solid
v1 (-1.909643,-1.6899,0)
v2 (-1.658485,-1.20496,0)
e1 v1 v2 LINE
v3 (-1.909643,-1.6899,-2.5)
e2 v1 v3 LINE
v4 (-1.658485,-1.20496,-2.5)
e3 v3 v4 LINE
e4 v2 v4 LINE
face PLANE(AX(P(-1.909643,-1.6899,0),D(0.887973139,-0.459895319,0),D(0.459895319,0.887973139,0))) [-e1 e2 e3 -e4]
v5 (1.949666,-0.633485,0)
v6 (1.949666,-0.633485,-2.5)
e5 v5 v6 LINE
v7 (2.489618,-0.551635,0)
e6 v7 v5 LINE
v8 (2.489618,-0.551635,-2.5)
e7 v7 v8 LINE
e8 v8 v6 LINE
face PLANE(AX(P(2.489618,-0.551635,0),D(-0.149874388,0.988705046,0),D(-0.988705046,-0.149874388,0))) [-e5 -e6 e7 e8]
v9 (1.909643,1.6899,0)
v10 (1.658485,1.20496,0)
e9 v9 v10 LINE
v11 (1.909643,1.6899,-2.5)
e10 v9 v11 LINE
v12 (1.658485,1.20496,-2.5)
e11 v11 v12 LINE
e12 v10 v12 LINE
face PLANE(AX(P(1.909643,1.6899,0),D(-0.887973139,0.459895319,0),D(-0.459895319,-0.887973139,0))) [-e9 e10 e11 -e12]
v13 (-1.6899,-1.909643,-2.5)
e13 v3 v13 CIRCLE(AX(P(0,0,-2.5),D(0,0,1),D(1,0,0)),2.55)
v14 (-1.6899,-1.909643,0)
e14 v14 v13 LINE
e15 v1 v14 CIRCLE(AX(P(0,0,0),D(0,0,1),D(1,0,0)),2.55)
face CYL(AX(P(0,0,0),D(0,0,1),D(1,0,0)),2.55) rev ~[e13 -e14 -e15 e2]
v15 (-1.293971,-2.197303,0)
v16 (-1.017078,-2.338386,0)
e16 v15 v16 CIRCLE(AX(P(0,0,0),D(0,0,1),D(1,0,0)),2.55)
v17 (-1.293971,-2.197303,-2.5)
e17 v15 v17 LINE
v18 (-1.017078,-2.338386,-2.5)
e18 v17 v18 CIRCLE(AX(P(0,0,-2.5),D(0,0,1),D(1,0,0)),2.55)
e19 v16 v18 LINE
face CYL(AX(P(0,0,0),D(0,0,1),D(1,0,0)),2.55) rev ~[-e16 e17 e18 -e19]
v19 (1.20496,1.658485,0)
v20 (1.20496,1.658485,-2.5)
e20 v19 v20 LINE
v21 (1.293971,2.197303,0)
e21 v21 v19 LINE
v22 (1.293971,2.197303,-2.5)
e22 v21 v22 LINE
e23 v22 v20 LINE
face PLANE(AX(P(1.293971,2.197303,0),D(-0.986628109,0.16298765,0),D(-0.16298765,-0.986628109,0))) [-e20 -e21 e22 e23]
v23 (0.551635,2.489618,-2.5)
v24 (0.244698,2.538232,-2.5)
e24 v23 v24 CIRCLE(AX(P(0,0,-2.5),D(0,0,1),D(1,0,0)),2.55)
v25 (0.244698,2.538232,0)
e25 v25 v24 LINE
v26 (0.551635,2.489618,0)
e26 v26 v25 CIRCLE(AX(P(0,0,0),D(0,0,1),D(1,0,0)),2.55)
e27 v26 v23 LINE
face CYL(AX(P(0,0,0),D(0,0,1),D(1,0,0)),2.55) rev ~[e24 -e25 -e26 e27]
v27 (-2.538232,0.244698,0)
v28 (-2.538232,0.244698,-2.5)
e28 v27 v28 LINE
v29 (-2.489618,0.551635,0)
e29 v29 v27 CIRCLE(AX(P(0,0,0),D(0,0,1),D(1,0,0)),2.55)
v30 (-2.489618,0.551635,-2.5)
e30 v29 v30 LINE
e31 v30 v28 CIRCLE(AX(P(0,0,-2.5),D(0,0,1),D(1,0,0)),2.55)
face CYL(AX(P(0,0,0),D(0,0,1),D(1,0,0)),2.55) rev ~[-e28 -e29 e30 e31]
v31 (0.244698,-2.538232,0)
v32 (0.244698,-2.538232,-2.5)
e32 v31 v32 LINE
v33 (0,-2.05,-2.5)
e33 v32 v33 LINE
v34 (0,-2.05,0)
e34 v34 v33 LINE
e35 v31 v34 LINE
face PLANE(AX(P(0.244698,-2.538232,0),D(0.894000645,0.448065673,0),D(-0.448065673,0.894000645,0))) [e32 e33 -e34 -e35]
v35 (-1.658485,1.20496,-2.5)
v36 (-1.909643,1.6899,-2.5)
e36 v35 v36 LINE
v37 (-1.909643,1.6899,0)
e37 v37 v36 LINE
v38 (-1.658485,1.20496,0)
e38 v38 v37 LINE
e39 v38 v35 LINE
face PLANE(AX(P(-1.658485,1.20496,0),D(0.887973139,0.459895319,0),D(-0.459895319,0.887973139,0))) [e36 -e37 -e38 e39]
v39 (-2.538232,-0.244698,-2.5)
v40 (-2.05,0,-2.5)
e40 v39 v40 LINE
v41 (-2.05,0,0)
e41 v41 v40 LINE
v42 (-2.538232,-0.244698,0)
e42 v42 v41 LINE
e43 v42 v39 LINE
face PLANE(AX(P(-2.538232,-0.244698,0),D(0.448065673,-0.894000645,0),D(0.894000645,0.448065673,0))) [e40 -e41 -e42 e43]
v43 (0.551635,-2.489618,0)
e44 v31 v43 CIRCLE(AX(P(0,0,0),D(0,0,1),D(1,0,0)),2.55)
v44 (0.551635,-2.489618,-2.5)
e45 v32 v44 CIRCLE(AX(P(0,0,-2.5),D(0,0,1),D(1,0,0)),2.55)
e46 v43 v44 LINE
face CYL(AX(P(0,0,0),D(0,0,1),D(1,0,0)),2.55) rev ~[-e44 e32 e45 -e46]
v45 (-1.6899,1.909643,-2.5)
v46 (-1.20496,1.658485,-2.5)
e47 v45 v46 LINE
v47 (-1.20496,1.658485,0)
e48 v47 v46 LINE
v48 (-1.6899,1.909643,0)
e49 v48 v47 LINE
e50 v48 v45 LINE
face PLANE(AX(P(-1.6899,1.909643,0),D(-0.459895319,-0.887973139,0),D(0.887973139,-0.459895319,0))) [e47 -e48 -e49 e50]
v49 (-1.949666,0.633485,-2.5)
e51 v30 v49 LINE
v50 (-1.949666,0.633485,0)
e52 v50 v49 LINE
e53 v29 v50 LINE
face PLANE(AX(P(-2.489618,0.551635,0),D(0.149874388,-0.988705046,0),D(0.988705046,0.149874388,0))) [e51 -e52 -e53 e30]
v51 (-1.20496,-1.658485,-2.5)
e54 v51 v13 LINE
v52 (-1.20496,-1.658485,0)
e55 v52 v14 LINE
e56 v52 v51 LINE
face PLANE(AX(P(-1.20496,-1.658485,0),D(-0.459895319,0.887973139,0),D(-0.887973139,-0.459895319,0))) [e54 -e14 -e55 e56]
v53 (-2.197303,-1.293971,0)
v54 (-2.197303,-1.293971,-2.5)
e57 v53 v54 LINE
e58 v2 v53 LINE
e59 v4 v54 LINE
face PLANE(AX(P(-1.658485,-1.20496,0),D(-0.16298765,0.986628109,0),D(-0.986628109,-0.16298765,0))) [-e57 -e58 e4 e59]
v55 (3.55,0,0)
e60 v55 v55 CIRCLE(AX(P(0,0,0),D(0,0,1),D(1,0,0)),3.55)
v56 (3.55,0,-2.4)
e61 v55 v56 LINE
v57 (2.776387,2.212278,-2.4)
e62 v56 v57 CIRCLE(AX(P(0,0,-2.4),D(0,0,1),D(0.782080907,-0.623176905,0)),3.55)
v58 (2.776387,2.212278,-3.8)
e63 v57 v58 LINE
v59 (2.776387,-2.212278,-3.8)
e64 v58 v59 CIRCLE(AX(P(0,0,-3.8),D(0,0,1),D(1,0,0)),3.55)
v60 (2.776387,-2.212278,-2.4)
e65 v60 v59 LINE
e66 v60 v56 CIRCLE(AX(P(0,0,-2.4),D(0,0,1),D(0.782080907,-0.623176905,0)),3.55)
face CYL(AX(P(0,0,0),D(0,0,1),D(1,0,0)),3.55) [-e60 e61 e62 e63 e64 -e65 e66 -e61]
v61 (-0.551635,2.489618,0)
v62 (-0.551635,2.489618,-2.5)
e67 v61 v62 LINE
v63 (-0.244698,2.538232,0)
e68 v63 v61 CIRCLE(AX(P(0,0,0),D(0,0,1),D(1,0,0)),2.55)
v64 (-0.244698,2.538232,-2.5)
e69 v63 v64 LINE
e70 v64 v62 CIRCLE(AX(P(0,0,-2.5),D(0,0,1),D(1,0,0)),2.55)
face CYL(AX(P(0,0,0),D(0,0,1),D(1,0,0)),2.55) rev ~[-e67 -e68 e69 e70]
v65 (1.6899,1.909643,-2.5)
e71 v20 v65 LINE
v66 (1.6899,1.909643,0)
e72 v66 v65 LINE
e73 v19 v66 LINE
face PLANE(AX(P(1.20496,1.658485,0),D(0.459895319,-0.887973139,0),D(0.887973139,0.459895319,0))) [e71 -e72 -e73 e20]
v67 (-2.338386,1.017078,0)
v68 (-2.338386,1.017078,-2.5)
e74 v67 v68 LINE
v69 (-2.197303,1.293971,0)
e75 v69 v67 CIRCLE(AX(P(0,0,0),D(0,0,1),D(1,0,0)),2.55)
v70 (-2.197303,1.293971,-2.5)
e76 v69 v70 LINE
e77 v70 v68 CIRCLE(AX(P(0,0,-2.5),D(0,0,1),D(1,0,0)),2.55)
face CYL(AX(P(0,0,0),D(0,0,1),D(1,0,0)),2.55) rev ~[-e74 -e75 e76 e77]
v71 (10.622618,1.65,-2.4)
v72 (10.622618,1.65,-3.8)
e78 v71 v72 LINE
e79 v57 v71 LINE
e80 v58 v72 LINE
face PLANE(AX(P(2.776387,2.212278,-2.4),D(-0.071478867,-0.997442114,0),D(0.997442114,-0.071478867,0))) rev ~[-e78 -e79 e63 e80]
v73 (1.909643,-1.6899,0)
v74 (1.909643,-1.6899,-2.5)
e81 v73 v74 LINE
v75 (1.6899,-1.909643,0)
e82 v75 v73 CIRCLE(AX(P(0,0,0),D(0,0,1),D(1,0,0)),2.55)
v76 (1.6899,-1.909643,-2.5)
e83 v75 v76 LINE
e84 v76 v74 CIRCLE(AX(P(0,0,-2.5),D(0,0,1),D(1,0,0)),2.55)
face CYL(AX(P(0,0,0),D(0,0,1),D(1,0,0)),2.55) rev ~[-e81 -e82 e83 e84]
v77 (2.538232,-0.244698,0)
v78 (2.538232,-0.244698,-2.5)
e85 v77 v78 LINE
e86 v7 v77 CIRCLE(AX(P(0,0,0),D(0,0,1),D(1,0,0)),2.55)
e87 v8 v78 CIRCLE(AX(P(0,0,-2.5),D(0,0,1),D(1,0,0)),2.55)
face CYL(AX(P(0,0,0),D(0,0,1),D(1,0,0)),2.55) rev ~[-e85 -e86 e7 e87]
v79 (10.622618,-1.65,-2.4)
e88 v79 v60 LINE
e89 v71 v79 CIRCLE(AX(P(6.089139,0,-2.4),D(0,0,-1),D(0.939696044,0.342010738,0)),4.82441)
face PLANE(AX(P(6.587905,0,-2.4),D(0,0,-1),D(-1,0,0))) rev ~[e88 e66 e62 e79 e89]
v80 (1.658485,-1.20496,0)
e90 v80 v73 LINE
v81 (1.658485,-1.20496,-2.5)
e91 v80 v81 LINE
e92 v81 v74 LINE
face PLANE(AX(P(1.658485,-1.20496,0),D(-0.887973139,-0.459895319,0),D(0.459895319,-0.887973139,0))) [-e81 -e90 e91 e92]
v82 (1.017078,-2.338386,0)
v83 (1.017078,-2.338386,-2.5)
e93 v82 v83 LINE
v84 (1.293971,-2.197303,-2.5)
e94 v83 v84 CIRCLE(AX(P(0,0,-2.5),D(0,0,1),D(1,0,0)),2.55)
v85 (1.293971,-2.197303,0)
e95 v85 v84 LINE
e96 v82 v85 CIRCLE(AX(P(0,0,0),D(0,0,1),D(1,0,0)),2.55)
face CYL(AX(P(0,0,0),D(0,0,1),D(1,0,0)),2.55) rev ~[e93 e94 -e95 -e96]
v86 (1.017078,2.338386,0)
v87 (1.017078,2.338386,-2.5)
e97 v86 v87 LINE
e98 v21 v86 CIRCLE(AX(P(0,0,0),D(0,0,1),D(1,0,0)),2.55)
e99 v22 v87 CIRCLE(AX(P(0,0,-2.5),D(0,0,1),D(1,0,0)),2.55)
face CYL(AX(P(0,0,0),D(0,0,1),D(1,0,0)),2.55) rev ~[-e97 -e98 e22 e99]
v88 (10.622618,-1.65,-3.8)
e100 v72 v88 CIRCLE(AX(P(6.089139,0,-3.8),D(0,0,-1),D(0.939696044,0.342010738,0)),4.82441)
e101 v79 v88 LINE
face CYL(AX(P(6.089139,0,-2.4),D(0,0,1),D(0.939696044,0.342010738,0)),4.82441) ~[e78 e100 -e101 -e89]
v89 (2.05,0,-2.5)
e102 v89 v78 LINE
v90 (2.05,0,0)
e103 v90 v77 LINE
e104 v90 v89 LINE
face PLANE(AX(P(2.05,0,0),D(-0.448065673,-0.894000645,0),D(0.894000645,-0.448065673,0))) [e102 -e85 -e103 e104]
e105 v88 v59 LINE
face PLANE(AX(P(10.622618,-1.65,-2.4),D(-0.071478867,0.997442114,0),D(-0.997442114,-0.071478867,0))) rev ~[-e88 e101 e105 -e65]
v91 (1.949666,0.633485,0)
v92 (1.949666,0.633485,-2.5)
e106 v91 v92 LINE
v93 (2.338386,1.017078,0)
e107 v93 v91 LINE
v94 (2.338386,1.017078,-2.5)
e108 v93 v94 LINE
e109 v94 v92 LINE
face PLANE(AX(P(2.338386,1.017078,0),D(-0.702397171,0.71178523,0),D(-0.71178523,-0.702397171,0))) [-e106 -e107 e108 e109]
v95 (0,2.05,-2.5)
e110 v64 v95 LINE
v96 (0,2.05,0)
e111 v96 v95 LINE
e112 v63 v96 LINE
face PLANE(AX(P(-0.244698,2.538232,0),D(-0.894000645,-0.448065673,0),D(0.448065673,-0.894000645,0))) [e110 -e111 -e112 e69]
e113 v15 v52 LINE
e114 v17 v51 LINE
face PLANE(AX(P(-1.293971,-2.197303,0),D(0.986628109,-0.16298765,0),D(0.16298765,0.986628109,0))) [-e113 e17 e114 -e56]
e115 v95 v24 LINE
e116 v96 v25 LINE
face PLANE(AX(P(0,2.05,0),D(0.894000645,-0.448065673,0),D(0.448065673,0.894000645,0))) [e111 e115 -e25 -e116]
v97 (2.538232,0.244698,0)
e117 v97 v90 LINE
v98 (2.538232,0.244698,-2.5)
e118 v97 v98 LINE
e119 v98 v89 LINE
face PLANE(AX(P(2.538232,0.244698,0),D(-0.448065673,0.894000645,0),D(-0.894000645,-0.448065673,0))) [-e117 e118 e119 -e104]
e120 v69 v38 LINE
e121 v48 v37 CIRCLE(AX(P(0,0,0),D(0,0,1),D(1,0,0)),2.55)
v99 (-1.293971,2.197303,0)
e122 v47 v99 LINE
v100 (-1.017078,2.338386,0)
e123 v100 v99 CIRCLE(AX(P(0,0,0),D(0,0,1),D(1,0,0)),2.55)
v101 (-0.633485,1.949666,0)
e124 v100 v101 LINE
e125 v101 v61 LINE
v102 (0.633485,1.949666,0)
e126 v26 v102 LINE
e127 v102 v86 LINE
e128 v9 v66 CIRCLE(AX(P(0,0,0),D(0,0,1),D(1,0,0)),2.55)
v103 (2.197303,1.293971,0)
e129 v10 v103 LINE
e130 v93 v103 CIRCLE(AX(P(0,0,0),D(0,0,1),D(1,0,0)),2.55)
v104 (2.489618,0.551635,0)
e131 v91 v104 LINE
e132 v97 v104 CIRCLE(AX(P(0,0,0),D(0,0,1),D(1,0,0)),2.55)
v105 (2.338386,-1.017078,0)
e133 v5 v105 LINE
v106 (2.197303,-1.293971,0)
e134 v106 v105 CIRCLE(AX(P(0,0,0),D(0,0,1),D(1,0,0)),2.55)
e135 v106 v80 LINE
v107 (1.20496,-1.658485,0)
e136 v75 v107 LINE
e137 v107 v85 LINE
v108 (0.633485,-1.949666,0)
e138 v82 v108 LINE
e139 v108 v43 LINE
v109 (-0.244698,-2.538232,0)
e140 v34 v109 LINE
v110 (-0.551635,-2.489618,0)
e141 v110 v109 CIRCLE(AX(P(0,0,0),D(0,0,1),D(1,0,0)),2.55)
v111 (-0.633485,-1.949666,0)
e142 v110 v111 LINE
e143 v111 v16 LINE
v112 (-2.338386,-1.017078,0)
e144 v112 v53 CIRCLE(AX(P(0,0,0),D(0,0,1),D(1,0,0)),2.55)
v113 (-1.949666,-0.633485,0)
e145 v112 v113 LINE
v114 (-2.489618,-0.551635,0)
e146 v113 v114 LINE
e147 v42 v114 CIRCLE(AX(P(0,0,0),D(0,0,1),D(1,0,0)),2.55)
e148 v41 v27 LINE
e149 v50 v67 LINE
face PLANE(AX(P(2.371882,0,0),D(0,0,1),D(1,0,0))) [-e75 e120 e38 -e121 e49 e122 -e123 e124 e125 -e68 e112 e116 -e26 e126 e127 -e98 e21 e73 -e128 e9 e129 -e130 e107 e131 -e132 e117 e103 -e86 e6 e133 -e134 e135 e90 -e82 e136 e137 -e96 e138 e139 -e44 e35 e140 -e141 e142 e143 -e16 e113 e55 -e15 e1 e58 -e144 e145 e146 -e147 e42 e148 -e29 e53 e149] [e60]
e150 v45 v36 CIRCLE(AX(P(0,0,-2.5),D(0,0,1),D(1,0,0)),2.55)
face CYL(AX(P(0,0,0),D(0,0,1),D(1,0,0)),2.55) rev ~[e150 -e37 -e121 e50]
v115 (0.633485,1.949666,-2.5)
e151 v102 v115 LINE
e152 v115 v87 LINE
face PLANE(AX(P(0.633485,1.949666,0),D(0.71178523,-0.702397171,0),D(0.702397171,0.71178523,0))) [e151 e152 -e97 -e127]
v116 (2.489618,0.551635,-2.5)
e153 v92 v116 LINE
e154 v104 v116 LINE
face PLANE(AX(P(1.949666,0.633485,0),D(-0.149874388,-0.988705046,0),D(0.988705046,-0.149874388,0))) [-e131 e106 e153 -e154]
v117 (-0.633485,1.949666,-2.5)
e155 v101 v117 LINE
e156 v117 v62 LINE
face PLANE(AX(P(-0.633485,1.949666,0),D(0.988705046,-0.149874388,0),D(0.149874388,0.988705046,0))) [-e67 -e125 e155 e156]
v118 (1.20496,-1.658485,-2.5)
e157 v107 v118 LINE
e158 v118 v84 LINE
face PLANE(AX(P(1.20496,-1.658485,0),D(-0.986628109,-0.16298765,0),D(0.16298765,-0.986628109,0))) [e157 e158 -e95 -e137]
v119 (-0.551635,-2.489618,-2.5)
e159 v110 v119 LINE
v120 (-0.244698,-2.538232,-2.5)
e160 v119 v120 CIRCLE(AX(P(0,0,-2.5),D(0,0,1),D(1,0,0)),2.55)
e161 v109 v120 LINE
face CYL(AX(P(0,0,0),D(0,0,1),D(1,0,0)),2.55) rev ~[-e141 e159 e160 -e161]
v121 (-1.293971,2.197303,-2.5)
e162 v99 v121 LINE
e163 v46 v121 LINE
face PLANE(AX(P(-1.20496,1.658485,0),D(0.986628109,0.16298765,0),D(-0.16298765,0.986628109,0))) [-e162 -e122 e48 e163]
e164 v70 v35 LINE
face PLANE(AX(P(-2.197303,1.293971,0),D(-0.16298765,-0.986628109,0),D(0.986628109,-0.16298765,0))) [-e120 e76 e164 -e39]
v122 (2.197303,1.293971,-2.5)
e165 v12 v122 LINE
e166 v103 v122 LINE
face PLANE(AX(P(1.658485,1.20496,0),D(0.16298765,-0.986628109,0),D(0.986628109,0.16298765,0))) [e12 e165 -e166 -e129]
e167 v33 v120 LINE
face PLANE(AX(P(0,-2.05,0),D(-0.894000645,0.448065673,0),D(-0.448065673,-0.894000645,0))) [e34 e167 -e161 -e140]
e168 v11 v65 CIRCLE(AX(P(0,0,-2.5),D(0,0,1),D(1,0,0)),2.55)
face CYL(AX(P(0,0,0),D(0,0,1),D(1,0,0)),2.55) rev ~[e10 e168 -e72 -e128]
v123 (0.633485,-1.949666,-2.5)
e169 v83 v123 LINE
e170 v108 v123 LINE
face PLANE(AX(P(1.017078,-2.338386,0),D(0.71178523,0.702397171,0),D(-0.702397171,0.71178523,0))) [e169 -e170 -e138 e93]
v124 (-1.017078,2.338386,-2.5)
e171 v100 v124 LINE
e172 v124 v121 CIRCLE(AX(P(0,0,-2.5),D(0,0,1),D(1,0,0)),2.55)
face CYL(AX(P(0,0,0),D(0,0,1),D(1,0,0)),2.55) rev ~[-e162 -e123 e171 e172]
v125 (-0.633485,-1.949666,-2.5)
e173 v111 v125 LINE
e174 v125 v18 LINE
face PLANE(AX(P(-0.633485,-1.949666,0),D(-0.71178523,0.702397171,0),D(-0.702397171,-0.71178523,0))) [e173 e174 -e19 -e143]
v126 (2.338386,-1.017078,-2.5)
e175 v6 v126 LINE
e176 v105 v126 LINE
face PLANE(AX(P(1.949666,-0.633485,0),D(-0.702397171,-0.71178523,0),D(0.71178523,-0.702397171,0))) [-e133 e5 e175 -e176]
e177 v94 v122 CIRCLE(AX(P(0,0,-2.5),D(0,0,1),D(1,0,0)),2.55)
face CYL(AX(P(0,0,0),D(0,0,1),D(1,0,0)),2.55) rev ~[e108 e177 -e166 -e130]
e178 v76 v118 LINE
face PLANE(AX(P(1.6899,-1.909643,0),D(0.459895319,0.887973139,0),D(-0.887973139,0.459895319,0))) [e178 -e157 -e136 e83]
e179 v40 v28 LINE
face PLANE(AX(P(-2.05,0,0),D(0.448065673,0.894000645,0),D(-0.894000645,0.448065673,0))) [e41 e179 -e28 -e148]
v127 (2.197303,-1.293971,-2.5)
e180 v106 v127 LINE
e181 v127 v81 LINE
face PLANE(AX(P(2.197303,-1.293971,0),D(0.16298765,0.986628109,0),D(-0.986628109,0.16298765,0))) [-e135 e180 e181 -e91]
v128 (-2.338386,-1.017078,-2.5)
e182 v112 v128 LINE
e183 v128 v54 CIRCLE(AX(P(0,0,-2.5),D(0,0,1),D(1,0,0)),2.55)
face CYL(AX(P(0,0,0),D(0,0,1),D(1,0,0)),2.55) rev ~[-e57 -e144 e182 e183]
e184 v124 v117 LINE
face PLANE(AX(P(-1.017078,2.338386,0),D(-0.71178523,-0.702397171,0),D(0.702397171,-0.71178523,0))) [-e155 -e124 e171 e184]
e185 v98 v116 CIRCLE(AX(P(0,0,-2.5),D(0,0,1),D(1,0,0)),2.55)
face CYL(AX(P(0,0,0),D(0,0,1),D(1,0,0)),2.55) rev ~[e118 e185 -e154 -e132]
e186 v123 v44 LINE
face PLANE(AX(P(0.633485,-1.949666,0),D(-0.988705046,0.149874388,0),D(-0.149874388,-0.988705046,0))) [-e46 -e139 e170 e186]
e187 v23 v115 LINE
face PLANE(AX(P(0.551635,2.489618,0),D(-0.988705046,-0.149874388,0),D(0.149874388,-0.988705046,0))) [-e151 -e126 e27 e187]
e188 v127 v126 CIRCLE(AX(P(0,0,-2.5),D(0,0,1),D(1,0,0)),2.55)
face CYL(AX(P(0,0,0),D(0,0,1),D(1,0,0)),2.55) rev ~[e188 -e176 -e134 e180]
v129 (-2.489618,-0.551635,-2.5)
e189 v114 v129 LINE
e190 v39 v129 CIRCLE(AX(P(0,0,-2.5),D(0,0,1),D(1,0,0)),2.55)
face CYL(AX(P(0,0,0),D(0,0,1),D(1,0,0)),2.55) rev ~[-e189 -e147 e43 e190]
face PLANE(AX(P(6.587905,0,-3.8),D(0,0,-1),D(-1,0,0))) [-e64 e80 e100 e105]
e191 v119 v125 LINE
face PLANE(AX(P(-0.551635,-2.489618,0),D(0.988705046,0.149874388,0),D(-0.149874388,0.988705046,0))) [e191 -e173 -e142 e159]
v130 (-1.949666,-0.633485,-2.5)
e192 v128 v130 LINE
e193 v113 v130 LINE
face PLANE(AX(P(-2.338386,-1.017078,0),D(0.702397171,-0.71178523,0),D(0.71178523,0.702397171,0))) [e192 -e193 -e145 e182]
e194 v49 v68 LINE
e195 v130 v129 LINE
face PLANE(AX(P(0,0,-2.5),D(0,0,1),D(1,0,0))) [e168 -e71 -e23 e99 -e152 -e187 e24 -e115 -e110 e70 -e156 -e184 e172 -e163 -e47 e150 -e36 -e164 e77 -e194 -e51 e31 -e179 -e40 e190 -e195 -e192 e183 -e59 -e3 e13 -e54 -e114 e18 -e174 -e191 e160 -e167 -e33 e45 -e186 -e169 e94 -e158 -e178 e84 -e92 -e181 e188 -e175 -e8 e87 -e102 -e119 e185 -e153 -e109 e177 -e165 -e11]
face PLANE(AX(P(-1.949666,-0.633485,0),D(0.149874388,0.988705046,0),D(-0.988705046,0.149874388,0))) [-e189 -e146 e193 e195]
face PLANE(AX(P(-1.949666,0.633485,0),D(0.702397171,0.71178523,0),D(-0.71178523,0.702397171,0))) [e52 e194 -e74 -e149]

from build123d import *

# Parameters (mm, degrees)
SKETCH2_R           = 3.55
BOSS_EXTRUDE1_DEPTH = 3.8
BOSS_EXTRUDE2_DEPTH = 1.4
SKETCH5_R           = 2.549999919
CUT_EXTRUDE1_DEPTH  = 2.5
BOSS_EXTRUDE3_DEPTH = 2.5


with BuildPart() as part:
    # Sketch2 → Boss-Extrude1 (new body)
    with BuildSketch(Plane.XY):
        Circle(SKETCH2_R)
    extrude(amount=-BOSS_EXTRUDE1_DEPTH)

    # Sketch4 → Boss-Extrude2 (add)
    with BuildSketch(Plane.XY.offset(-2.4)):
        with BuildLine():
            Line((2.776387215, 2.212277889), (10.622617722, 1.649999976))
            ThreePointArc((10.622617722, 1.649999976), (10.913548722, 0), (10.622617722, -1.649999976))
            Line((10.622617722, -1.649999976), (2.776387215, -2.212277889))
            ThreePointArc((2.776387215, -2.212277889), (3.549999952, 0), (2.776387215, 2.212277889))
        make_face()
    extrude(amount=-BOSS_EXTRUDE2_DEPTH)

    # Sketch5 → Cut-Extrude1 (cut)
    with BuildSketch(Plane.XY):
        Circle(SKETCH5_R)
    extrude(amount=-CUT_EXTRUDE1_DEPTH, mode=Mode.SUBTRACT)

    # Sketch3 → Boss-Extrude3 (add)
    with BuildSketch(Plane.XY):
        with BuildLine():
            Line((-0.244697916, 2.538232164), (0, 2.049999952))
            Line((0, 2.049999952), (0.244697916, 2.538232164))
            ThreePointArc((0.244697916, 2.538232164), (0, 2.549999919), (-0.244697916, 2.538232164))
        make_face()
        with BuildLine():
            Line((0.551635326, 2.489618054), (0.633484824, 1.949665813))
            Line((0.633484824, 1.949665813), (1.017078422, 2.338386424))
            ThreePointArc((1.017078422, 2.338386424), (0.787993311, 2.42519404), (0.551635326, 2.489618054))
        make_face()
        with BuildLine():
            Line((1.29397066, 2.197302783), (1.204959739, 1.6584848))
            Line((1.204959739, 1.6584848), (1.689900206, 1.90964313))
            ThreePointArc((1.689900206, 1.90964313), (1.498852346, 2.06299327), (1.29397066, 2.197302783))
        make_face()
        with BuildLine():
            Line((1.90964313, 1.689900206), (1.6584848, 1.204959739))
            Line((1.6584848, 1.204959739), (2.197302783, 1.29397066))
            ThreePointArc((2.197302783, 1.29397066), (2.06299327, 1.498852346), (1.90964313, 1.689900206))
        make_face()
        with BuildLine():
            Line((2.338386424, 1.017078422), (1.949665813, 0.633484824))
            Line((1.949665813, 0.633484824), (2.489618054, 0.551635326))
            ThreePointArc((2.489618054, 0.551635326), (2.42519404, 0.787993311), (2.338386424, 1.017078422))
        make_face()
        with BuildLine():
            Line((2.538232164, 0.244697916), (2.049999952, 0))
            Line((2.049999952, 0), (2.538232164, -0.244697916))
            ThreePointArc((2.538232164, -0.244697916), (2.549999919, 0), (2.538232164, 0.244697916))
        make_face()
        with BuildLine():
            Line((2.489618054, -0.551635326), (1.949665813, -0.633484824))
            Line((1.949665813, -0.633484824), (2.338386424, -1.017078422))
            ThreePointArc((2.338386424, -1.017078422), (2.42519404, -0.787993311), (2.489618054, -0.551635326))
        make_face()
        with BuildLine():
            Line((2.197302783, -1.29397066), (1.6584848, -1.204959739))
            Line((1.6584848, -1.204959739), (1.90964313, -1.689900206))
            ThreePointArc((1.90964313, -1.689900206), (2.06299327, -1.498852346), (2.197302783, -1.29397066))
        make_face()
        with BuildLine():
            Line((1.689900206, -1.90964313), (1.204959739, -1.6584848))
            Line((1.204959739, -1.6584848), (1.29397066, -2.197302783))
            ThreePointArc((1.29397066, -2.197302783), (1.498852346, -2.06299327), (1.689900206, -1.90964313))
        make_face()
        with BuildLine():
            Line((1.017078422, -2.338386424), (0.633484824, -1.949665813))
            Line((0.633484824, -1.949665813), (0.551635326, -2.489618054))
            ThreePointArc((0.551635326, -2.489618054), (0.787993311, -2.42519404), (1.017078422, -2.338386424))
        make_face()
        with BuildLine():
            Line((0.244697916, -2.538232164), (0, -2.049999952))
            Line((0, -2.049999952), (-0.244697916, -2.538232164))
            ThreePointArc((-0.244697916, -2.538232164), (0, -2.549999919), (0.244697916, -2.538232164))
        make_face()
        with BuildLine():
            Line((-0.551635326, -2.489618054), (-0.633484824, -1.949665813))
            Line((-0.633484824, -1.949665813), (-1.017078422, -2.338386424))
            ThreePointArc((-1.017078422, -2.338386424), (-0.787993311, -2.42519404), (-0.551635326, -2.489618054))
        make_face()
        with BuildLine():
            Line((-1.29397066, -2.197302783), (-1.204959739, -1.6584848))
            Line((-1.204959739, -1.6584848), (-1.689900206, -1.90964313))
            ThreePointArc((-1.689900206, -1.90964313), (-1.498852346, -2.06299327), (-1.29397066, -2.197302783))
        make_face()
        with BuildLine():
            Line((-1.90964313, -1.689900206), (-1.6584848, -1.204959739))
            Line((-1.6584848, -1.204959739), (-2.197302783, -1.29397066))
            ThreePointArc((-2.197302783, -1.29397066), (-2.06299327, -1.498852346), (-1.90964313, -1.689900206))
        make_face()
        with BuildLine():
            Line((-2.338386424, -1.017078422), (-1.949665813, -0.633484824))
            Line((-1.949665813, -0.633484824), (-2.489618054, -0.551635326))
            ThreePointArc((-2.489618054, -0.551635326), (-2.42519404, -0.787993311), (-2.338386424, -1.017078422))
        make_face()
        with BuildLine():
            Line((-2.538232164, -0.244697916), (-2.049999952, 0))
            Line((-2.049999952, 0), (-2.538232164, 0.244697916))
            ThreePointArc((-2.538232164, 0.244697916), (-2.549999919, 0), (-2.538232164, -0.244697916))
        make_face()
        with BuildLine():
            Line((-2.489618054, 0.551635326), (-1.949665813, 0.633484824))
            Line((-1.949665813, 0.633484824), (-2.338386424, 1.017078422))
            ThreePointArc((-2.338386424, 1.017078422), (-2.42519404, 0.787993311), (-2.489618054, 0.551635326))
        make_face()
        with BuildLine():
            Line((-2.197302783, 1.29397066), (-1.6584848, 1.204959739))
            Line((-1.6584848, 1.204959739), (-1.90964313, 1.689900206))
            ThreePointArc((-1.90964313, 1.689900206), (-2.06299327, 1.498852346), (-2.197302783, 1.29397066))
        make_face()
        with BuildLine():
            Line((-1.689900206, 1.90964313), (-1.204959739, 1.6584848))
            Line((-1.204959739, 1.6584848), (-1.29397066, 2.197302783))
            ThreePointArc((-1.29397066, 2.197302783), (-1.498852346, 2.06299327), (-1.689900206, 1.90964313))
        make_face()
        with BuildLine():
            Line((-1.017078422, 2.338386424), (-0.633484824, 1.949665813))
            Line((-0.633484824, 1.949665813), (-0.551635326, 2.489618054))
            ThreePointArc((-0.551635326, 2.489618054), (-0.787993311, 2.42519404), (-1.017078422, 2.338386424))
        make_face()
    extrude(amount=-BOSS_EXTRUDE3_DEPTH)


solid = part.part
